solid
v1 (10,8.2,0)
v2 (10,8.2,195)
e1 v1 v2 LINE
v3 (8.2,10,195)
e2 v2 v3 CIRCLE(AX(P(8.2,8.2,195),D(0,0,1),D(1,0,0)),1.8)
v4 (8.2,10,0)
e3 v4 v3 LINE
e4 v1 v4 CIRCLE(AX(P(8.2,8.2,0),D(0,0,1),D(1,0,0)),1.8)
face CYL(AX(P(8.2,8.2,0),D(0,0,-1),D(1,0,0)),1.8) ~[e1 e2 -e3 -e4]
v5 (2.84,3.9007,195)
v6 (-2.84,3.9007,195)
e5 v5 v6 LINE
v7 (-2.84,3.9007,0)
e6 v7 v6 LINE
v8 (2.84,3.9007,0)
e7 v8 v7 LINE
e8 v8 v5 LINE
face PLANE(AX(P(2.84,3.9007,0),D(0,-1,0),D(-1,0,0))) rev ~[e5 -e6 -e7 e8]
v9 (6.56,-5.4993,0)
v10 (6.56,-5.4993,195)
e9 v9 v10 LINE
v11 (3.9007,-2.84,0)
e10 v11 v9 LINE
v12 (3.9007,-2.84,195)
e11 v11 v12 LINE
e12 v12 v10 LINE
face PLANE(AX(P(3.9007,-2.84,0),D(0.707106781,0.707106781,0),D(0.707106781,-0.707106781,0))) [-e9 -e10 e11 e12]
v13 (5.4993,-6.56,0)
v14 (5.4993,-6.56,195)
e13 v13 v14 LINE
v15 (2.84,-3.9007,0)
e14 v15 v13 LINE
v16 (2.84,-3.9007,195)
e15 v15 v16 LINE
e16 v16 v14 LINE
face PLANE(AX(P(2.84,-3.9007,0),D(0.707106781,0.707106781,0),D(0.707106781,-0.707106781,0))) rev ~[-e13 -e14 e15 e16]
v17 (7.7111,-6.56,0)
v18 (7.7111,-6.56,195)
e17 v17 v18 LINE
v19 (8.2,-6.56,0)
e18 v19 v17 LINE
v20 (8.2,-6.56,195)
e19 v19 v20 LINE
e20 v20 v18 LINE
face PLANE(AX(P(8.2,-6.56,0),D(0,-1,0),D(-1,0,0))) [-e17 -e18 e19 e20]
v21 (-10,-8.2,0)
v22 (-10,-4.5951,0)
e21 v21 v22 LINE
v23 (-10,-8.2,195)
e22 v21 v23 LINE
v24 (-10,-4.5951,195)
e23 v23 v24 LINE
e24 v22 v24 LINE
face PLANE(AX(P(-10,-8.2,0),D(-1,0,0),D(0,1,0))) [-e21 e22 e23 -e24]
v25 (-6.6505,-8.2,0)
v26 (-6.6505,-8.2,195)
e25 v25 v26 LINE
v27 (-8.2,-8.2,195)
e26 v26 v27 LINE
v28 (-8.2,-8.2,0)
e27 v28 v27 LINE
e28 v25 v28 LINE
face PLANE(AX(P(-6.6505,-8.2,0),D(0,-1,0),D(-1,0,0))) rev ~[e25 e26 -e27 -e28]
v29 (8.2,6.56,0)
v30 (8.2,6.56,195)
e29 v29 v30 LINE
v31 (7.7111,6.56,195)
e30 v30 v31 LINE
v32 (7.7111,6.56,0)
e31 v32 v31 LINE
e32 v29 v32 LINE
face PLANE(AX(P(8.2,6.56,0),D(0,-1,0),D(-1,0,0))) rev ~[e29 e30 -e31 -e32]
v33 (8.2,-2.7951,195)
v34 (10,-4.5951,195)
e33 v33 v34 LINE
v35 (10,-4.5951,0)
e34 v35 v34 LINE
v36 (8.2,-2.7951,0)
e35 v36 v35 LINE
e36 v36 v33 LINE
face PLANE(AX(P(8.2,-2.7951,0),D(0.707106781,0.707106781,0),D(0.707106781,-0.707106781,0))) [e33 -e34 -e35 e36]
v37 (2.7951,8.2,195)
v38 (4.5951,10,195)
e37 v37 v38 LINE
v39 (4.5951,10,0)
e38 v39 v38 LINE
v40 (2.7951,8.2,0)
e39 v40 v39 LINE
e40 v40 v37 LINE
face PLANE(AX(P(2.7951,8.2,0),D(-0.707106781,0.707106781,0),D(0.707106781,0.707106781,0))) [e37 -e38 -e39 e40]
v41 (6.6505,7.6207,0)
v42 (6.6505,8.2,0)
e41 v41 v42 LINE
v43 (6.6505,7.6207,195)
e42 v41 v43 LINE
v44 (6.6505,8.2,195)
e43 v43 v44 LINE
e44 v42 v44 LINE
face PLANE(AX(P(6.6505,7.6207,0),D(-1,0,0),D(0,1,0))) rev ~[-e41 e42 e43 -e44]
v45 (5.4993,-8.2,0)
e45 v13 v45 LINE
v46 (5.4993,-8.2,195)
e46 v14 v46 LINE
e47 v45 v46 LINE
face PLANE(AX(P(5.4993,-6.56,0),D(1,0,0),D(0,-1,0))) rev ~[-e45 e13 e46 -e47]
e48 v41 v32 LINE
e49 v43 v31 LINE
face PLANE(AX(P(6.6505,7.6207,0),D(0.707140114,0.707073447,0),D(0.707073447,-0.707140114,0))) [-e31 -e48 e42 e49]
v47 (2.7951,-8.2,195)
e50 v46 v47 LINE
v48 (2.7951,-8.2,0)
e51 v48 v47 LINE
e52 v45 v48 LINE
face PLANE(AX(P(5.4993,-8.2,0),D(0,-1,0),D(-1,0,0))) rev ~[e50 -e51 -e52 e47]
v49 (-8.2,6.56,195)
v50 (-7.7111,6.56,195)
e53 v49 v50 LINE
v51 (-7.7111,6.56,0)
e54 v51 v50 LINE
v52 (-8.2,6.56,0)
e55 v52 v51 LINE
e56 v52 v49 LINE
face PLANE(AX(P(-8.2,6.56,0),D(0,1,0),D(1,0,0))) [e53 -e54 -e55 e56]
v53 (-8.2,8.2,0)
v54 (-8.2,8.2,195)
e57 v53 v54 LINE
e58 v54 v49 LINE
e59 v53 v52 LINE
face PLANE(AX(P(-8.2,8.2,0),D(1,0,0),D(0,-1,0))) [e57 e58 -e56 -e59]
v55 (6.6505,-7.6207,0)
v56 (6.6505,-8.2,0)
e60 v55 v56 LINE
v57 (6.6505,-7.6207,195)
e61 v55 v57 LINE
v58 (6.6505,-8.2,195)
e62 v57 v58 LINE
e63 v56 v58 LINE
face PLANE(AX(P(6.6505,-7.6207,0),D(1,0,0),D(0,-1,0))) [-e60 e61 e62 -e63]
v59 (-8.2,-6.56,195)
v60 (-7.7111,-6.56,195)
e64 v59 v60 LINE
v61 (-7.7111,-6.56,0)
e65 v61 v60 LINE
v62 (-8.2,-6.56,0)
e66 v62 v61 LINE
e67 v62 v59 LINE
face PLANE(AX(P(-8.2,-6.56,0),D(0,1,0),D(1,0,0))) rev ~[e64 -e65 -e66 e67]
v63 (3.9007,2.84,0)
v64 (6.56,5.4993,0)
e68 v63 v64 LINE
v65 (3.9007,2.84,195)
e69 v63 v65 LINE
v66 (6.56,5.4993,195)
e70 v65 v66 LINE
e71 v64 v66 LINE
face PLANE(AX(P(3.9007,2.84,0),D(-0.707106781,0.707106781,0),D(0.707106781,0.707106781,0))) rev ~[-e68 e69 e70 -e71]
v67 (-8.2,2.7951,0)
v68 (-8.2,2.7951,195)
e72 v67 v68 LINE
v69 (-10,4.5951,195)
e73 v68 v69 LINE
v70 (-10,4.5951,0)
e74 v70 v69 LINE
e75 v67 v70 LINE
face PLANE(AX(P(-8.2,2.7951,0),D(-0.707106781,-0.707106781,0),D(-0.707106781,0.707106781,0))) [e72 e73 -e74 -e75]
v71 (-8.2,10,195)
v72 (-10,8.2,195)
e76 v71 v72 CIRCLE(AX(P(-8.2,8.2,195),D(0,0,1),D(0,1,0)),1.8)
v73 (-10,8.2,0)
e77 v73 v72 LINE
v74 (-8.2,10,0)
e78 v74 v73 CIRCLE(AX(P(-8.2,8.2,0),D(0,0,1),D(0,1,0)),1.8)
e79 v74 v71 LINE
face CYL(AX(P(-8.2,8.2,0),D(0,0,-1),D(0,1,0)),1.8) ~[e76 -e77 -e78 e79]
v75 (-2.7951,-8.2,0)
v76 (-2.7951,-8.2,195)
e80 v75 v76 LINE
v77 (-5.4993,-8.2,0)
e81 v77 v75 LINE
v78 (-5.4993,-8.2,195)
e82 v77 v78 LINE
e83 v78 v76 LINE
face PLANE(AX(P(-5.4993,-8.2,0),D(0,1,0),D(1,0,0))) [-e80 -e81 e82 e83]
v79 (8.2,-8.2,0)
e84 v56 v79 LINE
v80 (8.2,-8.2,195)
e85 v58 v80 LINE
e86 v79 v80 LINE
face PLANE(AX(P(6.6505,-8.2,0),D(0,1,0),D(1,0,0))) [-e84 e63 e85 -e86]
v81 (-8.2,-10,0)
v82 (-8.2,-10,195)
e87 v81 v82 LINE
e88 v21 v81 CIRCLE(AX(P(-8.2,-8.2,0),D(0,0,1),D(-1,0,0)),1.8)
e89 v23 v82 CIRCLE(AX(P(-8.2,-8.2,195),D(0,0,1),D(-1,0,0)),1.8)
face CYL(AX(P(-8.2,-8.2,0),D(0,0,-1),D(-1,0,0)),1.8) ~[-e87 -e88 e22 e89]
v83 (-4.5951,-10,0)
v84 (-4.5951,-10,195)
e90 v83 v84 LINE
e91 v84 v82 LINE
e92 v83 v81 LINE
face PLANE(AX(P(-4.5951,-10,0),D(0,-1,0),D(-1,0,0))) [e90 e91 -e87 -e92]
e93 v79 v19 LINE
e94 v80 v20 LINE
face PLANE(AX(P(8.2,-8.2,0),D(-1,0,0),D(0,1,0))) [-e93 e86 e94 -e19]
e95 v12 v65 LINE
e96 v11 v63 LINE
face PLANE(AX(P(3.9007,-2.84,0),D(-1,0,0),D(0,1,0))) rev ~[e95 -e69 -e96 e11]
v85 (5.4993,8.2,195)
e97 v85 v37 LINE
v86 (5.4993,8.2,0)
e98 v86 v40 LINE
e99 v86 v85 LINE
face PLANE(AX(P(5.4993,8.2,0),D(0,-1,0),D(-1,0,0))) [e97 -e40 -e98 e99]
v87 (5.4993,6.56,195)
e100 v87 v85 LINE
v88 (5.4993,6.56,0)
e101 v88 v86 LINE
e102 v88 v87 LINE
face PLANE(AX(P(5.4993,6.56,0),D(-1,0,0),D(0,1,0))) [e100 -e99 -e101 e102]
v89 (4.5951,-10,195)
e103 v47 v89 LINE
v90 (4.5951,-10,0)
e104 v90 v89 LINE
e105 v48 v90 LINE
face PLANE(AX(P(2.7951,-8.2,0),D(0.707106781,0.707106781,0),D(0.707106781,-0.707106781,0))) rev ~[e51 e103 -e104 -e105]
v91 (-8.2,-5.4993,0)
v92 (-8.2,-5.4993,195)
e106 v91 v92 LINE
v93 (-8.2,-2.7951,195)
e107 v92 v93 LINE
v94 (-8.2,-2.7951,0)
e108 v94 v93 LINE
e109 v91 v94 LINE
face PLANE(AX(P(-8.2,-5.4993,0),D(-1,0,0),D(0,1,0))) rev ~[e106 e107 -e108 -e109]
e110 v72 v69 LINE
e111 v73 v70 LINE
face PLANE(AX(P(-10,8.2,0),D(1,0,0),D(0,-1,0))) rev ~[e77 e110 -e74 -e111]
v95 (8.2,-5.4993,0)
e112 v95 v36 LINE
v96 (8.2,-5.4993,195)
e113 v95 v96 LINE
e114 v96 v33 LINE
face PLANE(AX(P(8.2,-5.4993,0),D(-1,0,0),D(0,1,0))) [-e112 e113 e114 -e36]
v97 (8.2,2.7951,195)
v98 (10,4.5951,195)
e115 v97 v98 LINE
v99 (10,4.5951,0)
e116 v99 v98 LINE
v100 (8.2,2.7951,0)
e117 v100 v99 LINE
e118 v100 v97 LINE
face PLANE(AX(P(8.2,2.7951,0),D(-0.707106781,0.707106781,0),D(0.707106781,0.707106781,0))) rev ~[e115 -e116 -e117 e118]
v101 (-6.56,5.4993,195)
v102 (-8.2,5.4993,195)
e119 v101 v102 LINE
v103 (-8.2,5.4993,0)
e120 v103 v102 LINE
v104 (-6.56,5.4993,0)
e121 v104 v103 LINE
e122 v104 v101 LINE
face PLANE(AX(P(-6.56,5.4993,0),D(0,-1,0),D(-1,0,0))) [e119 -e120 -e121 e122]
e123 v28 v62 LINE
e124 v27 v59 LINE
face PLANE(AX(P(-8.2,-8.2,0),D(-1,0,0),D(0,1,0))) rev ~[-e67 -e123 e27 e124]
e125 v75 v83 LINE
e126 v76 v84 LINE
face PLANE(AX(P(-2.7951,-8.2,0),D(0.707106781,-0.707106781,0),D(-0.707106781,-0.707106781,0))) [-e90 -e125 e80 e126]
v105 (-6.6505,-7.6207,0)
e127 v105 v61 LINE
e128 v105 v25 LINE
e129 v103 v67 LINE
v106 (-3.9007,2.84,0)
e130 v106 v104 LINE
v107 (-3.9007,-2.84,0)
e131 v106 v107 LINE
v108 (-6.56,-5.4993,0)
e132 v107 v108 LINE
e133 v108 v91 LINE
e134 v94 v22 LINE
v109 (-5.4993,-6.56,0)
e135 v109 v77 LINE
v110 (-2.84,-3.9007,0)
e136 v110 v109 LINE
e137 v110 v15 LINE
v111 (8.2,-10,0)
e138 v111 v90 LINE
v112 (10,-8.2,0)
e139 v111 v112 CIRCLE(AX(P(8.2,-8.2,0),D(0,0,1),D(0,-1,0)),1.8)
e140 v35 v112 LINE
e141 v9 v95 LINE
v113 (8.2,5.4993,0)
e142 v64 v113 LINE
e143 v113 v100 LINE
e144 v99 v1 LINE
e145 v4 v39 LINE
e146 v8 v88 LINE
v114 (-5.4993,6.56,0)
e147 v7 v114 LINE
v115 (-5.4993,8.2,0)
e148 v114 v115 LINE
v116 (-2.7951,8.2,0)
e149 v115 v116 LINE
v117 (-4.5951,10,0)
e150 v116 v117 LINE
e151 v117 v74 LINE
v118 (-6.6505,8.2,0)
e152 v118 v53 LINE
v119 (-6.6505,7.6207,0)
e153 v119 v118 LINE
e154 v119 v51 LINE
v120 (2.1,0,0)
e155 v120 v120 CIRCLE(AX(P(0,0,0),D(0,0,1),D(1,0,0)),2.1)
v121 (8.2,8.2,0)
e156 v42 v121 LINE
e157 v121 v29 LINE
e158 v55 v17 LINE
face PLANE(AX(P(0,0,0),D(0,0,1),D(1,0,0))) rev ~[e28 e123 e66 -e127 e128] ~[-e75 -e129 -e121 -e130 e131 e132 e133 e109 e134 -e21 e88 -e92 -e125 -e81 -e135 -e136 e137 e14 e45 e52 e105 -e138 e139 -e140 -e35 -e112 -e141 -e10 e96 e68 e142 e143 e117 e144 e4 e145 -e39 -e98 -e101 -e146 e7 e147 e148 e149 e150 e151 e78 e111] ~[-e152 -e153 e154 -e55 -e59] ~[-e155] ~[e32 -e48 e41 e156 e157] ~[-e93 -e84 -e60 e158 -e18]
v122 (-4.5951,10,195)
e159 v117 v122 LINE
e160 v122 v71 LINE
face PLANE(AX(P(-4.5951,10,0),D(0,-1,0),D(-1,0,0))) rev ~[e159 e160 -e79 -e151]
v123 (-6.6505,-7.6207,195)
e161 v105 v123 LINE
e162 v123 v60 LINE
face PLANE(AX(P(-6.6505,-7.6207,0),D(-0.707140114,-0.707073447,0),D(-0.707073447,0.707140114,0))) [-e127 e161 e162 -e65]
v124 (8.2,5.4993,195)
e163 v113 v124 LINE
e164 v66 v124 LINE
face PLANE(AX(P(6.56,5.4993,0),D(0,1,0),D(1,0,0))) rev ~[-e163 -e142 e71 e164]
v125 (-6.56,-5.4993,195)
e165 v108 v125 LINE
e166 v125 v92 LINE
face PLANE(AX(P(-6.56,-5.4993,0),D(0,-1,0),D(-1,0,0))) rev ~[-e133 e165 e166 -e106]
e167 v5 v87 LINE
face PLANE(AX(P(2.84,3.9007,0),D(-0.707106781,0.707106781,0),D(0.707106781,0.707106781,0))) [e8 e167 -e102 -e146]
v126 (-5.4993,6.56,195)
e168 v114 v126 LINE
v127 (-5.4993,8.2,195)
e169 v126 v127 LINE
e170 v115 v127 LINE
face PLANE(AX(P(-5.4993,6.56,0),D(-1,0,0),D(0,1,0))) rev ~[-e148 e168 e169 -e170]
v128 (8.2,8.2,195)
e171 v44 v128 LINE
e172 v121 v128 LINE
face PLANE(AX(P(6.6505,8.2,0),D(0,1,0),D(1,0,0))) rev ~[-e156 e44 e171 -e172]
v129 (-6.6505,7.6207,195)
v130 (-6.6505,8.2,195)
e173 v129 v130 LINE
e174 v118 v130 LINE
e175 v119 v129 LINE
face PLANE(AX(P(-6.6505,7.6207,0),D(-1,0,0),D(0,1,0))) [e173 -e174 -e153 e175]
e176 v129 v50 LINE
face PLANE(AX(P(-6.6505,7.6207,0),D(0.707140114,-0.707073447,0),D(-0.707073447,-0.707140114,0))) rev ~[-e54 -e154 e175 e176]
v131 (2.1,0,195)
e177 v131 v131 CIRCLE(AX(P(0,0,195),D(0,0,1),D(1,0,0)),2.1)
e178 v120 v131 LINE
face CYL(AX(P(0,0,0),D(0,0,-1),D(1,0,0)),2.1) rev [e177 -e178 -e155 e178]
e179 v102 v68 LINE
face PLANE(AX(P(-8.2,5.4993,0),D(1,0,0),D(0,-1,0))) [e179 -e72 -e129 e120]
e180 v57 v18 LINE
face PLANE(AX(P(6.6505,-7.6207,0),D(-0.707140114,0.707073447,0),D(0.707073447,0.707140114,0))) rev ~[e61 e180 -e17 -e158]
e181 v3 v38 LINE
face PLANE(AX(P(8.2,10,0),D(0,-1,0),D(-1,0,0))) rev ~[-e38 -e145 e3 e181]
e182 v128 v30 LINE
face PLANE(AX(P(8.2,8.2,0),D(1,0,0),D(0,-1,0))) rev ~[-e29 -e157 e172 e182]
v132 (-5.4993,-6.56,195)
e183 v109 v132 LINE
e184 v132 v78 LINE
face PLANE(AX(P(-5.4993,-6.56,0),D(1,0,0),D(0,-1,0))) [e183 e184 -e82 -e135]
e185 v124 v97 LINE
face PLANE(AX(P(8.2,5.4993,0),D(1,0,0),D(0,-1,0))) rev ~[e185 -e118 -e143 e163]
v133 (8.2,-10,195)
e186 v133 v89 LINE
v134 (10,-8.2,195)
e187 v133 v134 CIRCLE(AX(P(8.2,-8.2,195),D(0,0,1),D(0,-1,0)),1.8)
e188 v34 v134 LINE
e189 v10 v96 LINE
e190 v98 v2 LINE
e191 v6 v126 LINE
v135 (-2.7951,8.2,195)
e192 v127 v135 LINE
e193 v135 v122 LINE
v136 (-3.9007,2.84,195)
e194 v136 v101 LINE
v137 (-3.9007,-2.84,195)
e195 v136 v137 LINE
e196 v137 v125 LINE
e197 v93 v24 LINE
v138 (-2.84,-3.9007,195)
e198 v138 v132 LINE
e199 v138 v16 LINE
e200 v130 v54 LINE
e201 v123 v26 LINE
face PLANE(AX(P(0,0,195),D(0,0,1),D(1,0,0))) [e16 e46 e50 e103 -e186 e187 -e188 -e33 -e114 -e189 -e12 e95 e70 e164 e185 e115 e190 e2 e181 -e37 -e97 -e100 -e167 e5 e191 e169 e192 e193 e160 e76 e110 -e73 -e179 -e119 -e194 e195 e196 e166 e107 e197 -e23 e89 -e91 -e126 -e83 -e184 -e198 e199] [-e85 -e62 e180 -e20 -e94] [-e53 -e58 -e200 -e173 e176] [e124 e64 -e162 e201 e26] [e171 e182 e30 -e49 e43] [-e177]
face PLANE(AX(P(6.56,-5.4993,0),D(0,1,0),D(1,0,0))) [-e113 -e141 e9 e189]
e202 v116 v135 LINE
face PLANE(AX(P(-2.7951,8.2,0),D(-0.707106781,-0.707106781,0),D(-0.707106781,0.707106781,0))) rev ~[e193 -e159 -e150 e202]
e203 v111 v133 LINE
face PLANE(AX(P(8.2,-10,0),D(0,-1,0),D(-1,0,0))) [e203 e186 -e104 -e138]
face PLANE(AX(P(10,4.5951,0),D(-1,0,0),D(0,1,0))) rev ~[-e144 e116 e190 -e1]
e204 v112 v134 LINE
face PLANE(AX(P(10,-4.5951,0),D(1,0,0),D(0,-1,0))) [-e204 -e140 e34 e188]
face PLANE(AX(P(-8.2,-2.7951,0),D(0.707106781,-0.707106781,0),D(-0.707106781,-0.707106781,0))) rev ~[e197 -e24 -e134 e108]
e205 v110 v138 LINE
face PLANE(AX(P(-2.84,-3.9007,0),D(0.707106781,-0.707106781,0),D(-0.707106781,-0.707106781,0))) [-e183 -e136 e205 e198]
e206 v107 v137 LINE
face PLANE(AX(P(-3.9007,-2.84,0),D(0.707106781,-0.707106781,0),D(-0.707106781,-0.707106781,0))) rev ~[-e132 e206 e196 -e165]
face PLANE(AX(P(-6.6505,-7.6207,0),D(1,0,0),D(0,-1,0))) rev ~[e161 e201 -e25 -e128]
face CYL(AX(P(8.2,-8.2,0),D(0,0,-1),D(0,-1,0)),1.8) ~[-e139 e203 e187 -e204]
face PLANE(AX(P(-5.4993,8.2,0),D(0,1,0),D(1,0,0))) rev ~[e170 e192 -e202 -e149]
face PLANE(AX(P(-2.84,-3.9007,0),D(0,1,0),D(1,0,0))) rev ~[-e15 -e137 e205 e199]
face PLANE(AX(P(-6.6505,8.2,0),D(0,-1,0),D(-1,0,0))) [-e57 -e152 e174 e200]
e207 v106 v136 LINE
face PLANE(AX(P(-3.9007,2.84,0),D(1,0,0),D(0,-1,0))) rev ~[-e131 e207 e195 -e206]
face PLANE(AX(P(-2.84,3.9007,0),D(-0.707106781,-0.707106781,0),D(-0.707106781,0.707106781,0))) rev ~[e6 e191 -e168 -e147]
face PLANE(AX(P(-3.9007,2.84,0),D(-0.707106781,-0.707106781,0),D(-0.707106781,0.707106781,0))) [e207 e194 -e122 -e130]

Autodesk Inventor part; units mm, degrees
ref_plane "Start Plane" through (0, 0, 0) normal (0, 0, 1) x (1, 0, 0)
ref_plane "End Plane" through (0, 0, 195) normal (0, 0, 1) x (1, 0, 0)
sketch "Sketch" plane through (0, 0, 0) normal (0, 0, 1) x (1, 0, 0)
  line L0 (10, -4.5951) -> (10, -8.2)
  line L1 (-10, -8.2) -> (-10, -4.5951)
  line L2 (-10, 10) -> (10, -10) construction
  line L3 (10, 10) -> (-10, -10) construction
  circle A0 centre (0, 0) radius 2.1
  line L4 (-2.84, -3.9007) -> (2.84, -3.9007)
  line L5 (3.9007, -2.84) -> (3.9007, 2.84)
  line L6 (2.84, 3.9007) -> (-2.84, 3.9007)
  line L7 (-3.9007, 2.84) -> (-3.9007, -2.84)
  line L8 (-3.9007, -3.9007) -> (3.9007, 3.9007) construction
  line L9 (3.9007, -3.9007) -> (-3.9007, 3.9007) construction
  line L10 (-3.9007, -2.84) -> (-2.84, -3.9007) construction
  line L11 (-2.84, -3.9007) -> (-5.4993, -6.56)
  line L12 (-5.4993, -6.56) -> (-5.4993, -8.2)
  line L13 (-5.4993, -8.2) -> (-2.7951, -8.2)
  line L14 (-2.7951, -8.2) -> (-4.5951, -10)
  line L15 (0, 0) -> (0, -3.9007) construction
  line L16 (3.9007, -2.84) -> (2.84, -3.9007) construction
  line L17 (2.84, -3.9007) -> (5.4993, -6.56)
  line L18 (5.4993, -6.56) -> (5.4993, -8.2)
  line L19 (5.4993, -8.2) -> (2.7951, -8.2)
  line L20 (2.7951, -8.2) -> (4.5951, -10)
  line L21 (-2.84, -3.9007) -> (-3.9007, -2.84) construction
  line L22 (-3.9007, -2.84) -> (-6.56, -5.4993)
  line L23 (-6.56, -5.4993) -> (-8.2, -5.4993)
  line L24 (-8.2, -5.4993) -> (-8.2, -2.7951)
  line L25 (-8.2, -2.7951) -> (-10, -4.5951)
  line L26 (3.9007, -2.84) -> (6.56, -5.4993)
  line L27 (6.56, -5.4993) -> (8.2, -5.4993)
  line L28 (8.2, -5.4993) -> (8.2, -2.7951)
  line L29 (8.2, -2.7951) -> (10, -4.5951)
  arc A1 (-10, -8.2) -> (-8.2, -10) centre (-8.2, -8.2) ccw
  arc A2 (8.2, -10) -> (10, -8.2) centre (8.2, -8.2) ccw
  line L30 (-8.2, -6.56) -> (-7.7111, -6.56)
  line L31 (-6.6505, -8.2) -> (-8.2, -8.2)
  line L32 (-8.2, -8.2) -> (-8.2, -6.56)
  line L33 (-6.6505, -7.6207) -> (-7.7111, -6.56)
  line L34 (-6.6505, -7.6207) -> (-6.6505, -8.2)
  line L35 (8.2, -6.56) -> (7.7111, -6.56)
  line L36 (6.6505, -8.2) -> (8.2, -8.2)
  line L37 (8.2, -8.2) -> (8.2, -6.56)
  line L38 (6.6505, -7.6207) -> (7.7111, -6.56)
  line L39 (6.6505, -7.6207) -> (6.6505, -8.2)
  line L40 (8.2, -10) -> (4.5951, -10)
  line L41 (-4.5951, -10) -> (-8.2, -10)
  line L42 (-3.9007, 0) -> (3.9007, 0) construction
  line L43 (10, 4.5951) -> (10, 8.2)
  line L44 (-10, 8.2) -> (-10, 4.5951)
  line L45 (-2.84, 3.9007) -> (2.84, 3.9007)
  line L46 (-3.9007, 2.84) -> (-2.84, 3.9007) construction
  line L47 (-2.84, 3.9007) -> (-5.4993, 6.56)
  line L48 (-5.4993, 6.56) -> (-5.4993, 8.2)
  line L49 (-5.4993, 8.2) -> (-2.7951, 8.2)
  line L50 (-2.7951, 8.2) -> (-4.5951, 10)
  line L51 (2.84, 3.9007) -> (5.4993, 6.56)
  line L52 (5.4993, 6.56) -> (5.4993, 8.2)
  line L53 (5.4993, 8.2) -> (2.7951, 8.2)
  line L54 (2.7951, 8.2) -> (4.5951, 10)
  line L55 (3.9007, 2.84) -> (2.84, 3.9007) construction
  line L56 (-8.2, 2.7951) -> (-10, 4.5951)
  line L57 (-2.84, 3.9007) -> (-3.9007, 2.84) construction
  line L58 (-3.9007, 2.84) -> (-6.56, 5.4993)
  line L59 (-6.56, 5.4993) -> (-8.2, 5.4993)
  line L60 (-8.2, 5.4993) -> (-8.2, 2.7951)
  line L61 (3.9007, 2.84) -> (6.56, 5.4993)
  line L62 (6.56, 5.4993) -> (8.2, 5.4993)
  line L63 (8.2, 5.4993) -> (8.2, 2.7951)
  line L64 (8.2, 2.7951) -> (10, 4.5951)
  arc A3 (-8.2, 10) -> (-10, 8.2) centre (-8.2, 8.2) ccw
  arc A4 (10, 8.2) -> (8.2, 10) centre (8.2, 8.2) ccw
  line L65 (-8.2, 6.56) -> (-7.7111, 6.56)
  line L66 (-6.6505, 8.2) -> (-8.2, 8.2)
  line L67 (-8.2, 8.2) -> (-8.2, 6.56)
  line L68 (-6.6505, 7.6207) -> (-7.7111, 6.56)
  line L69 (-6.6505, 7.6207) -> (-6.6505, 8.2)
  line L70 (8.2, 6.56) -> (7.7111, 6.56)
  line L71 (6.6505, 7.6207) -> (7.7111, 6.56)
  line L72 (8.2, 8.2) -> (8.2, 6.56)
  line L73 (6.6505, 7.6207) -> (6.6505, 8.2)
  line L74 (6.6505, 8.2) -> (8.2, 8.2)
  line L75 (8.2, 10) -> (4.5951, 10)
  line L76 (-4.5951, 10) -> (-8.2, 10)
  line L77 (-8.2, 10) -> (-4.5951, 10)
  line L78 (4.5951, 10) -> (8.2, 10)
  point P0 (8.2, -8.2)
  point P1 (0, 3.9007)
  point P2 (8.2, 8.2)
  dimension "Width" = 20
  dimension "Height" = 20
  dimension "d2" = 4.2
  dimension "d3" = 1.5
  dimension "d4" = 1.64
  dimension "d6" = 5.68
  dimension "d7" = 1.8
  dimension "d9" = 1.5
extrude "Body" add sketch "Sketch" along normal up to surface (195 mm away) from surface at 0
sketch "Sketch4" plane through (0, 0, 0) normal (0, 0, 1) x (1, 0, 0)
  line L0 (0, 0) -> (10, 0)
ref_plane "Work Plane4" through (0, 0, 0) normal (0, -1, 0) x (1, 0, 0)
sketch "Sketch5" plane through (0, 0, 0) normal (0, -1, 0) x (1, 0, 0)
  line L0 (-2, 0) -> (12, 0) construction
  line L1 (-2, 195) -> (12, 195) construction
  dimension "d17" = 195
ref_plane "Work Plane5" through (0, 8, 195) normal (0, 0, 1) x (1, 0, 0)
split "Split1" plane through (0, 8, 195) removes the side toward (0, 0, 1)
equation "\"G_OFFSET_START\" = 0"
equation "\"G_OFFSET_END\" = -80"
equation "\"d13\" = Length + G_OFFSET_END"
equation "\"G_L\" = d17"
equation "\"Length\" = 275"
properties part number "V-slot 20 mm x 20 mm" material "Aluminum 6061"
